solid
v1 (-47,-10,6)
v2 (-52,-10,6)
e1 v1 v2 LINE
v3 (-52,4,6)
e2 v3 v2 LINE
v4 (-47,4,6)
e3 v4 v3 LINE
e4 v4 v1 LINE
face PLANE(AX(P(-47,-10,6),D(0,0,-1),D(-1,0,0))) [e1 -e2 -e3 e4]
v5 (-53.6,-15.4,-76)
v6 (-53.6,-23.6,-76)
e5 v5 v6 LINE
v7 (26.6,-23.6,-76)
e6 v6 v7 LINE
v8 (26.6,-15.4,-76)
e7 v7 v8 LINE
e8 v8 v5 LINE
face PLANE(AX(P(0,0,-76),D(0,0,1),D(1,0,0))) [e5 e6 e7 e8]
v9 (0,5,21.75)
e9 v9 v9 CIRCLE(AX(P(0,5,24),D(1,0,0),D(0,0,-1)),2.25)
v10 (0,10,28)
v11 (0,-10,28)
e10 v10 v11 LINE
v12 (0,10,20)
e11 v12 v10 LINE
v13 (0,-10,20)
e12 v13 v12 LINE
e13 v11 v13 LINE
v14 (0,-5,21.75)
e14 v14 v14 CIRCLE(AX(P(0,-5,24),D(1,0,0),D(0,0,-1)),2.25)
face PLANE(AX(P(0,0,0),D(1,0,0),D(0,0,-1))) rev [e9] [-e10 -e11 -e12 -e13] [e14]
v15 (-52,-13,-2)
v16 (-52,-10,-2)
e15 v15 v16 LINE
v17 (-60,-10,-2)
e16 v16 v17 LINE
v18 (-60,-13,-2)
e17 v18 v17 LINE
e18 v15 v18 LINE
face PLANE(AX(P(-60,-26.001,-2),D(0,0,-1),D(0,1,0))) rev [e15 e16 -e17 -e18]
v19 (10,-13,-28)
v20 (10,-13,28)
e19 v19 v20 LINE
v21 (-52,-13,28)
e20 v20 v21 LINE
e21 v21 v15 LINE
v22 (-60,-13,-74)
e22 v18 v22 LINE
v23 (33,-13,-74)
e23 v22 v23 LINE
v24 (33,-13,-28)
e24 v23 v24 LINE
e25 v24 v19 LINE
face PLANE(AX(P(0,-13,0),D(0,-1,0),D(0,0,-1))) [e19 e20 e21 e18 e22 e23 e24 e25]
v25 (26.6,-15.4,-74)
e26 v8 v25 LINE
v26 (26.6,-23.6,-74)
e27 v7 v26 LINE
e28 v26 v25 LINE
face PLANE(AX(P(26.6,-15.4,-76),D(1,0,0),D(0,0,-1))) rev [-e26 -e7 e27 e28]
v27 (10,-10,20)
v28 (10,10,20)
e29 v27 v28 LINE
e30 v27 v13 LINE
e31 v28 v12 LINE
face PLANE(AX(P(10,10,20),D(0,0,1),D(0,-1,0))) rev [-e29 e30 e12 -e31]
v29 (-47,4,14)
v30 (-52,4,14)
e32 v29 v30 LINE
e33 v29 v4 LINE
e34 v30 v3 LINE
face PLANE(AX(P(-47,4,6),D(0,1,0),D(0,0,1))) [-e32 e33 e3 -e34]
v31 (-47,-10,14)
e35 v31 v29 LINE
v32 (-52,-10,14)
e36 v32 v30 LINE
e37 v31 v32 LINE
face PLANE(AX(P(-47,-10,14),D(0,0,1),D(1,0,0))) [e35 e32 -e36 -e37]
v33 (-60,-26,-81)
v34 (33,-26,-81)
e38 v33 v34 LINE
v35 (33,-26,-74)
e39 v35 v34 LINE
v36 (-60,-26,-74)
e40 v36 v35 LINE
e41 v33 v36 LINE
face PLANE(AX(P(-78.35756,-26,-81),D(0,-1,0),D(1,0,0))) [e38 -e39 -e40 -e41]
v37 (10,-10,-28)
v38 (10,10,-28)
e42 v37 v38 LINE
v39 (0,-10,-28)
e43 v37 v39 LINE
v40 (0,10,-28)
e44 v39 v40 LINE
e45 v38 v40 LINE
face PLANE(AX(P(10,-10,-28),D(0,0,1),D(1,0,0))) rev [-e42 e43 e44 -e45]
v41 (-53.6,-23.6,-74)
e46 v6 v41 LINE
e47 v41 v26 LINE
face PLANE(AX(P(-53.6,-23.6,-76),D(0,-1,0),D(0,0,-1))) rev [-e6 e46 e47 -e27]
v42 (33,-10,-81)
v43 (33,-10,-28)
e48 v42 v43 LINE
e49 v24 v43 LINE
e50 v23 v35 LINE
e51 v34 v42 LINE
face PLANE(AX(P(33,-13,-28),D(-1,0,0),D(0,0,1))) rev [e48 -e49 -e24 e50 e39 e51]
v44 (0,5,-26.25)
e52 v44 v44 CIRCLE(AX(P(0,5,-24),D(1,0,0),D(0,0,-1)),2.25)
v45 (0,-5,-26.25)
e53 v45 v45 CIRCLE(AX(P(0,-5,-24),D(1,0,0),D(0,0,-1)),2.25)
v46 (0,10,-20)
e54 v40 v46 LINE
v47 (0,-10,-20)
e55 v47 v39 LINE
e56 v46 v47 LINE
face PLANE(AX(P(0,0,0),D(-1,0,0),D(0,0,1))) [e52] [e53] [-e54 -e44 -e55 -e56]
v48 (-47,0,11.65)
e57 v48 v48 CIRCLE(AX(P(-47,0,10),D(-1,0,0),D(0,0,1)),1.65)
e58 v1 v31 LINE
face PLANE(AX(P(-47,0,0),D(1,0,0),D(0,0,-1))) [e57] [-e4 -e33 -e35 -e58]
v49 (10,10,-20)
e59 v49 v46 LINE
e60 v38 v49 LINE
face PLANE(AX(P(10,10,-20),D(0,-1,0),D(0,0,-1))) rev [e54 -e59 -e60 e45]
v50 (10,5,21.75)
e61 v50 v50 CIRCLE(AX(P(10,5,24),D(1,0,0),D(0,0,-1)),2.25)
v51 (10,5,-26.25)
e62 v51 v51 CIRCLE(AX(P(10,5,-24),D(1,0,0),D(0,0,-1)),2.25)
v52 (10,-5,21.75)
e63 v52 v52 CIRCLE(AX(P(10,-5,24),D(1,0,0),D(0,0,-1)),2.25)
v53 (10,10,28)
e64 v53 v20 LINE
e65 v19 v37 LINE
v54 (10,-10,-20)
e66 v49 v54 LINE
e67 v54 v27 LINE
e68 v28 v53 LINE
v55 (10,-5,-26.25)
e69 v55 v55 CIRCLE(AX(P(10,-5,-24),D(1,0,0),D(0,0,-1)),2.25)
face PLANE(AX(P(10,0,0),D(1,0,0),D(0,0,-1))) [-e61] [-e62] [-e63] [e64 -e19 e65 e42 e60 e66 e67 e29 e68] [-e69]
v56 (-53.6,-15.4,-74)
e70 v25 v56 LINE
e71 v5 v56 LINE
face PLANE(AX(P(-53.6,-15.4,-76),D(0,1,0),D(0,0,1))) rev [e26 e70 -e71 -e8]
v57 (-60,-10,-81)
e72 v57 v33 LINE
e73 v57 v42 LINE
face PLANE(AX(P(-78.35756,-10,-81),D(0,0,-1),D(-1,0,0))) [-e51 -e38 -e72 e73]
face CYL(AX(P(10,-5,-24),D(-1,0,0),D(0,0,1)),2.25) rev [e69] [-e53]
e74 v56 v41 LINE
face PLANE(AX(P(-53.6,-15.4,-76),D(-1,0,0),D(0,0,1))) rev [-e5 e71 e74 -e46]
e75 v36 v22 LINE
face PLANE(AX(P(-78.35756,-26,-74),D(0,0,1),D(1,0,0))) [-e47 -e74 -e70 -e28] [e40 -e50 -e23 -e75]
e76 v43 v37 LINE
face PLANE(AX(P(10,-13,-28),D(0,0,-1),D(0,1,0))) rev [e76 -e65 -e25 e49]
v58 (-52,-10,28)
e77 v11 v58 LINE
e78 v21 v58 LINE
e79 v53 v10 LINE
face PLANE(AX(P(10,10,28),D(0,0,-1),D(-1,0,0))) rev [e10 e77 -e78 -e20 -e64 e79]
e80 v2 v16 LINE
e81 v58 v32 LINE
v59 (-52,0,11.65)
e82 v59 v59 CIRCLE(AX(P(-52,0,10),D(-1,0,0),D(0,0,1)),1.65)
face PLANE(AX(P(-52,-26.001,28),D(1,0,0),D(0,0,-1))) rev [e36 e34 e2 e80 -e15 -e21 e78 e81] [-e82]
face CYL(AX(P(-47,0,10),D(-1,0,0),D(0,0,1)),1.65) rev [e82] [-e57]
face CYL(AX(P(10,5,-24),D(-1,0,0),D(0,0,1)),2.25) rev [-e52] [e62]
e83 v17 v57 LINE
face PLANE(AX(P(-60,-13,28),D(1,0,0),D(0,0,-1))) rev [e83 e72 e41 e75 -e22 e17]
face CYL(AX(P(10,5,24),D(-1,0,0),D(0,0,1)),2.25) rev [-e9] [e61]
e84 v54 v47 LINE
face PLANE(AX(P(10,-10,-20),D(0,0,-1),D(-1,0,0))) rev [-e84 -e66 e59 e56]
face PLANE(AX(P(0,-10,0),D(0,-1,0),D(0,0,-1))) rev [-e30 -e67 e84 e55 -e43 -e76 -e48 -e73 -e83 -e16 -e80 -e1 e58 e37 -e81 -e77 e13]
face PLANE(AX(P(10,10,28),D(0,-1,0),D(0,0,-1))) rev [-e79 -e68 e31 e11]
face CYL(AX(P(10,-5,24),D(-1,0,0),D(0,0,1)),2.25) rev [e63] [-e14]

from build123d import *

# Parameters (mm, degrees)
ESQUISSE2_W             = 8
ESQUISSE2_H             = 20
ESQUISSE2_R             = 2.25
BOSS_EXTRU_1_DEPTH      = 10
BOSS_EXTRU_1_2_DEPTH    = 10
BOSS_EXTRU_2_DEPTH      = 3
BOSS_EXTRU_5_DEPTH      = 93
ENL_V_MAT_EXTRU_1_REACH = 18
ESQUISSE8_W             = 8
ESQUISSE8_H             = 30
ESQUISSE9_W             = 80.2
ESQUISSE9_H             = 8.2
ENL_V_MAT_EXTRU_2_DEPTH = 2
ESQUISSE10_W            = 8
ESQUISSE10_H            = 14
ESQUISSE10_R            = 1.65
BOSS_EXTRU_6_DEPTH      = 5


with BuildPart() as part:
    # Esquisse2 → Boss.-Extru.1 (new body)
    with BuildSketch(Plane(origin=(0, 0, 0), x_dir=(0, 0, -1), z_dir=(1, 0, 0))):
        with Locations((-24, 0)):
            Rectangle(ESQUISSE2_W, ESQUISSE2_H)
        with Locations((-24, 5)):
            Circle(ESQUISSE2_R, mode=Mode.SUBTRACT)
        with Locations((-24, -5)):
            Circle(ESQUISSE2_R, mode=Mode.SUBTRACT)
    extrude(amount=BOSS_EXTRU_1_DEPTH)



with BuildPart() as body_2:
    # Esquisse2 → Boss.-Extru.1 2 (new body)
    with BuildSketch(Plane(origin=(0, 0, 0), x_dir=(0, 0, -1), z_dir=(1, 0, 0))):
        with Locations((24, 0)):
            Rectangle(ESQUISSE2_W, ESQUISSE2_H)
        with Locations((24, 5)):
            Circle(ESQUISSE2_R, mode=Mode.SUBTRACT)
        with Locations((24, -5)):
            Circle(ESQUISSE2_R, mode=Mode.SUBTRACT)
    extrude(amount=BOSS_EXTRU_1_2_DEPTH)


with BuildPart() as part_1:
    add(part.part)

    add(body_2.part)  # Boss.-Extru.2 merges body 2
    # Esquisse3 → Boss.-Extru.2 (add)
    with BuildSketch(Plane.XZ.offset(10)):
        Polygon((-60, 28), (-60, -72), (33, -72), (33, -28), (10, -28), (10, 28), align=None)
    extrude(amount=BOSS_EXTRU_2_DEPTH)

    # Esquisse7 → Boss.-Extru.5 (add)
    with BuildSketch(Plane(origin=(33, 0, 0), x_dir=(0, 0, -1), z_dir=(1, 0, 0))):
        Polygon((72, -10), (81, -10), (81, -26), (74, -26), (74, -13), (72, -13), align=None)
    extrude(amount=-BOSS_EXTRU_5_DEPTH)

    # Esquisse8 → Enlèv. mat.-Extru.1 (cut, up to next)
    with BuildSketch(Plane(origin=(0, -10, 0), x_dir=(1, 0, 0), z_dir=(0, 1, 0)), mode=Mode.PRIVATE) as enl_v_mat_extru_1_sk1:
        with Locations((-56, -13)):
            Rectangle(ESQUISSE8_W, ESQUISSE8_H)
    enl_v_mat_extru_1_tool1 = extrude(enl_v_mat_extru_1_sk1.sketch, amount=-ENL_V_MAT_EXTRU_1_REACH, mode=Mode.PRIVATE) & part_1.part
    add(enl_v_mat_extru_1_tool1.solids().sort_by_distance((-56, -10, 13))[0], mode=Mode.SUBTRACT)

    # Esquisse9 → Enlèv. mat.-Extru.2 (cut)
    with BuildSketch(Plane.XY.offset(-74)):
        with Locations((-13.5, -19.5)):
            Rectangle(ESQUISSE9_W, ESQUISSE9_H)
    extrude(amount=-ENL_V_MAT_EXTRU_2_DEPTH, mode=Mode.SUBTRACT)

    # Esquisse10 → Boss.-Extru.6 (add)
    with BuildSketch(Plane.ZY.offset(52)):
        with Locations((10, -3)):
            Rectangle(ESQUISSE10_W, ESQUISSE10_H)
        with Locations((10, 0)):
            Circle(ESQUISSE10_R, mode=Mode.SUBTRACT)
    extrude(amount=-BOSS_EXTRU_6_DEPTH)


solid = part_1.part
